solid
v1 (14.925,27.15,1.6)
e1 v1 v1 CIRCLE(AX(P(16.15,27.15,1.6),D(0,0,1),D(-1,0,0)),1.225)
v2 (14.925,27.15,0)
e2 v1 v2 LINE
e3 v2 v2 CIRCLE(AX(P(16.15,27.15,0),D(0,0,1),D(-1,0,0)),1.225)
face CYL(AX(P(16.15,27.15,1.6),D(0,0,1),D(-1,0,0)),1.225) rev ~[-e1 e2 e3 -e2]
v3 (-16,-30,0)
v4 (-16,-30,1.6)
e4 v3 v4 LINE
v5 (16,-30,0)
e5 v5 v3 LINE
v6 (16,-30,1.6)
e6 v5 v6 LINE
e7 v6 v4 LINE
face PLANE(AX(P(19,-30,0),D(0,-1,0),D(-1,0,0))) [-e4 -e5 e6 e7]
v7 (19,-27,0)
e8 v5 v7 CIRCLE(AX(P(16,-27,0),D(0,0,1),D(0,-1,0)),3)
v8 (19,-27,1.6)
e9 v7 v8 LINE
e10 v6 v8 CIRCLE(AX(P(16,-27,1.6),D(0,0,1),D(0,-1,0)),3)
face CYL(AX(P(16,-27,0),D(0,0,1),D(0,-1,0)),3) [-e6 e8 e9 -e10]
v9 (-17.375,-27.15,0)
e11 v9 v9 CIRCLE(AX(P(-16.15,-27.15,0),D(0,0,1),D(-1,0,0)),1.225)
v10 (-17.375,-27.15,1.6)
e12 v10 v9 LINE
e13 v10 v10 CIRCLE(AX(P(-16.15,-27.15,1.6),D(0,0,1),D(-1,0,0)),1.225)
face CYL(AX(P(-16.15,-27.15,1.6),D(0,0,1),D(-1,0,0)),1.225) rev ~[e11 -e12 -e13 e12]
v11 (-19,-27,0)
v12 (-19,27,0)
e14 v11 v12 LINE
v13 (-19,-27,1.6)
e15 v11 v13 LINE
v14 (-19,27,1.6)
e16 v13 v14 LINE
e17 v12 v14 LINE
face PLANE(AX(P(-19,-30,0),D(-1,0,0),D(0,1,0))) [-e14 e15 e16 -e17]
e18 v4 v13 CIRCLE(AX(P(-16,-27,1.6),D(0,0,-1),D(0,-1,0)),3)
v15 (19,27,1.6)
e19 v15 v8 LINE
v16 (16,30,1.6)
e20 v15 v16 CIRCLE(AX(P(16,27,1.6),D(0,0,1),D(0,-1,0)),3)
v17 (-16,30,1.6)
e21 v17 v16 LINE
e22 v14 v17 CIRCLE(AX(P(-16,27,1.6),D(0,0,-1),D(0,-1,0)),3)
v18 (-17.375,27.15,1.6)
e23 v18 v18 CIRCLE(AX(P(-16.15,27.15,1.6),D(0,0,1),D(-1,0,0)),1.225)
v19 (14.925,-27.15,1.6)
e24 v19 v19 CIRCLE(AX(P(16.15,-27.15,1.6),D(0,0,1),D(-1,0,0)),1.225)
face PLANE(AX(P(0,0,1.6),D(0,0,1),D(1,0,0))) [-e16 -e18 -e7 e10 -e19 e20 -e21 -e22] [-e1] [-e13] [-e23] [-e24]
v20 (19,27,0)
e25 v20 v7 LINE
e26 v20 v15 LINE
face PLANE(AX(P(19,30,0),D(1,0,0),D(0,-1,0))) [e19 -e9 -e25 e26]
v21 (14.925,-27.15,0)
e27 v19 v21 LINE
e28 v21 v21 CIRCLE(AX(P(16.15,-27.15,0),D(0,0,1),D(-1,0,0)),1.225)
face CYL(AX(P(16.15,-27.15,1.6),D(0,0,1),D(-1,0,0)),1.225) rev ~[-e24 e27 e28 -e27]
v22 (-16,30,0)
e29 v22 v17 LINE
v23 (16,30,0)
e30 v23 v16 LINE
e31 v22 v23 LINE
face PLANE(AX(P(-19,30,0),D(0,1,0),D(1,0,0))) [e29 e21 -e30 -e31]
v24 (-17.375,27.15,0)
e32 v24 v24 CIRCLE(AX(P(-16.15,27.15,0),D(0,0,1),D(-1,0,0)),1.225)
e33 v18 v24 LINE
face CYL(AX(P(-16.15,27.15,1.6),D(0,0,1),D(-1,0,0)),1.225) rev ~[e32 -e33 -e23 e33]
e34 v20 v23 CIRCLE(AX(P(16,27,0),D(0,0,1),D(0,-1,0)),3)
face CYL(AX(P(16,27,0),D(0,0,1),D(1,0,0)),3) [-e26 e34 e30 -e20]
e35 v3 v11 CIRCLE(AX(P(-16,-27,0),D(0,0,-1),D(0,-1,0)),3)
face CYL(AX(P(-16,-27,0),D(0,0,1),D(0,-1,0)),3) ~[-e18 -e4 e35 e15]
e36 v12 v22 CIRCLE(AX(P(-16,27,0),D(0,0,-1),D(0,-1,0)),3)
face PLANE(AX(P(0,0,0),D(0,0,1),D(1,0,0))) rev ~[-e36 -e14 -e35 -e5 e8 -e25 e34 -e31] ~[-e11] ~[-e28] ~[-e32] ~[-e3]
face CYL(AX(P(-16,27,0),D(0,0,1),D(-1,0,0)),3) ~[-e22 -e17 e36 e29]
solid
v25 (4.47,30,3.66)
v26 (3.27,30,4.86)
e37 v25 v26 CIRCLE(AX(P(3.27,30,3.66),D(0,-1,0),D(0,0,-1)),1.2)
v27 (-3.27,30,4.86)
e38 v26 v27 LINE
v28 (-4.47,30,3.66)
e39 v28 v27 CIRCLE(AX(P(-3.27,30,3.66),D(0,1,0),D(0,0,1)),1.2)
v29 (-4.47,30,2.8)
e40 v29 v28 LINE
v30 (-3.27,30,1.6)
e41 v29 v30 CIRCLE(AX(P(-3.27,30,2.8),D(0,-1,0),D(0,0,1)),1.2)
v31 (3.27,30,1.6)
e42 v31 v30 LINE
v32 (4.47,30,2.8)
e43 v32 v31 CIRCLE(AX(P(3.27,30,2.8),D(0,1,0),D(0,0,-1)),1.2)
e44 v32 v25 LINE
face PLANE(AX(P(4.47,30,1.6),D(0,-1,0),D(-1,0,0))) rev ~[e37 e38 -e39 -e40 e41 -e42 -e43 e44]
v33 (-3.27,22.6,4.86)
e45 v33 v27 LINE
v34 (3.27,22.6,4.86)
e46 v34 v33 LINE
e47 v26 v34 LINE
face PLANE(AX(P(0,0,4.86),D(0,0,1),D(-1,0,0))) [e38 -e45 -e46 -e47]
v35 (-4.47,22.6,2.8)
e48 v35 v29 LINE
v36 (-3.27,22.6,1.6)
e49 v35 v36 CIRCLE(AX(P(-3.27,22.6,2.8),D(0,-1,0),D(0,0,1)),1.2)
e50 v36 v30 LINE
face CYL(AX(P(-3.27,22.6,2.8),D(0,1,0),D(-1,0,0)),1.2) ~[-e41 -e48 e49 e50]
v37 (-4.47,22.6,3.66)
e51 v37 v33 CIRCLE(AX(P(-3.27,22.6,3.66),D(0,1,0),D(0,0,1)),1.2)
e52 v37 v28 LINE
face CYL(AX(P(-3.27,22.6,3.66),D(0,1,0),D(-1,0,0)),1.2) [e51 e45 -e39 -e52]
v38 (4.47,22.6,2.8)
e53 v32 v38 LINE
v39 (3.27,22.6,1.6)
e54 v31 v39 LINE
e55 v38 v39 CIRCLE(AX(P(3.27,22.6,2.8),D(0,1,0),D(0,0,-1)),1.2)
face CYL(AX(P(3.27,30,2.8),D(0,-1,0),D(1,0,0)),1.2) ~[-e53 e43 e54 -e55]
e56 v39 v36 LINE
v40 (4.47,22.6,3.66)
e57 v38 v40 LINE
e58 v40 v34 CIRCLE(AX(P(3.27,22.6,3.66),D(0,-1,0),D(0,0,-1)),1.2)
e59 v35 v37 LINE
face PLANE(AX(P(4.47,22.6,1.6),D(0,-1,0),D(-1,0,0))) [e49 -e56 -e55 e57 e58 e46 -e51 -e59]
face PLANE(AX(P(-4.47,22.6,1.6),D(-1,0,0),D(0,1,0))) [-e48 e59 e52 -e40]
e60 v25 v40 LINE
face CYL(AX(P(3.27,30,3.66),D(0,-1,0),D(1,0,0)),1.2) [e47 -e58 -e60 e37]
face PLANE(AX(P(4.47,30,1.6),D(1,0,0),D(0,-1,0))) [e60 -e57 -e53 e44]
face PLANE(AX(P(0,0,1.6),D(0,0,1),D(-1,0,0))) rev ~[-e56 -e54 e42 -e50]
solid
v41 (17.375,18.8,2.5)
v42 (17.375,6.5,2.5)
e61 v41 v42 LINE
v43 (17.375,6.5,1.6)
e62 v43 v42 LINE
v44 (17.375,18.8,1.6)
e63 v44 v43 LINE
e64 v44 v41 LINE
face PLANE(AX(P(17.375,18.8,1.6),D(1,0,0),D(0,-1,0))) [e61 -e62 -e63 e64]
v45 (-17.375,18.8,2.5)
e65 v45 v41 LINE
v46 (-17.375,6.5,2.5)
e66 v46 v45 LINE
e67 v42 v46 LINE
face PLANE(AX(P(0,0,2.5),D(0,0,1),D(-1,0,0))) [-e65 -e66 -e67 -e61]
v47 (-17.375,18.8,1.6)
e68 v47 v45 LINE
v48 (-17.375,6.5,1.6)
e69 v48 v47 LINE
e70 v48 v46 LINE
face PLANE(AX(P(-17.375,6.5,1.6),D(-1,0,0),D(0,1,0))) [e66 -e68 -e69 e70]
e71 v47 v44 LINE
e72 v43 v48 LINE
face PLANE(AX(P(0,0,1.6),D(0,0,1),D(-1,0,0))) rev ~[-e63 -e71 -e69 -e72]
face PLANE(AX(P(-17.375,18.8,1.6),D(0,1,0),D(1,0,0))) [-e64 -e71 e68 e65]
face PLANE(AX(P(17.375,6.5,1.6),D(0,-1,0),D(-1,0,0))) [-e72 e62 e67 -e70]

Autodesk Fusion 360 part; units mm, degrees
sketch "PCB" plane through (0, 0, 0) normal (0, 0, 1) x (1, 0, 0)
  line L0 (19, -30) -> (-19, -30)
  line L1 (-19, -30) -> (-19, 30)
  line L2 (-19, 30) -> (19, 30)
  line L3 (19, 30) -> (19, -30)
  line L4 (19, -30) -> (-19, 30) construction
  line L5 (-19, -30) -> (19, 30) construction
  dimension "d1" = 38
  dimension "d2" = 60
extrude "Extrude1" add sketch "PCB" along normal blind 1.6 makes body 1
sketch "Components & Holes" plane through (0, 0, 1.6) normal (0, 0, 1) x (-1, 0, 0)
  line L0 (-19, -30) -> (19, -30)
  line L1 (19, -30) -> (19, 30)
  line L2 (19, 30) -> (-19, 30)
  line L3 (-19, 30) -> (-19, -30)
  line L4 (4.47, -30) -> (-4.47, -30)
  line L5 (-4.47, -30) -> (-4.47, -22.6)
  line L6 (-4.47, -22.6) -> (4.47, -22.6)
  line L7 (4.47, -22.6) -> (4.47, -30)
  line L8 (0, -30) -> (0, 30) construction
  line L9 (0, -22.6) -> (0, -30) construction
  circle A0 centre (-16.15, -27.15) radius 1.225
  circle A1 centre (-16.15, 27.15) radius 1.225
  circle A2 centre (16.15, 27.15) radius 1.225
  circle A3 centre (16.15, -27.15) radius 1.225
  line L10 (17.375, -18.8) -> (-17.375, -18.8)
  line L11 (-17.375, -18.8) -> (-17.375, -6.5)
  line L12 (-17.375, -6.5) -> (17.375, -6.5)
  line L13 (17.375, -6.5) -> (17.375, -18.8)
  line L14 (17.375, -18.8) -> (-17.375, -6.5) construction
  line L15 (-17.375, -18.8) -> (17.375, -6.5) construction
  point P0 (0, -12.65)
  dimension "d5" = 8.94
  dimension "d6" = 7.4
  dimension "d9" = 2.45
  dimension "d10" = 2.85
  dimension "d11" = 2.85
  dimension "d12" = 2.45
  dimension "d13" = 2.85
  dimension "d14" = 2.85
  dimension "d15" = 34.75
  dimension "d16" = 12.3
  dimension "d17" = 11.2
extrude "Extrude2" add sketch "Components & Holes" along normal blind 3.26 separate body contours L0 L4 L5 L6 L7 makes body 2
extrude "Extrude3" add sketch "Components & Holes" along normal blind 0.9 separate body contours L10 L11 L12 L13 makes body 3
extrude "Extrude4" cut sketch "Components & Holes" against normal up to surface (1.6 mm away) contours A0 | A1 | A2 | A3 bodies 1
fillet "Fillet1" radius 3 4 edges at (19, 30, 0.8) (19, -30, 0.8) (-19, -30, 0.8) (-19, 30, 0.8) on bodies 1
fillet "Fillet2" radius 1.2 4 edges at (4.47, 26.3, 4.86) (-4.47, 26.3, 4.86) (-4.47, 26.3, 1.6) (4.47, 26.3, 1.6) on bodies 2
